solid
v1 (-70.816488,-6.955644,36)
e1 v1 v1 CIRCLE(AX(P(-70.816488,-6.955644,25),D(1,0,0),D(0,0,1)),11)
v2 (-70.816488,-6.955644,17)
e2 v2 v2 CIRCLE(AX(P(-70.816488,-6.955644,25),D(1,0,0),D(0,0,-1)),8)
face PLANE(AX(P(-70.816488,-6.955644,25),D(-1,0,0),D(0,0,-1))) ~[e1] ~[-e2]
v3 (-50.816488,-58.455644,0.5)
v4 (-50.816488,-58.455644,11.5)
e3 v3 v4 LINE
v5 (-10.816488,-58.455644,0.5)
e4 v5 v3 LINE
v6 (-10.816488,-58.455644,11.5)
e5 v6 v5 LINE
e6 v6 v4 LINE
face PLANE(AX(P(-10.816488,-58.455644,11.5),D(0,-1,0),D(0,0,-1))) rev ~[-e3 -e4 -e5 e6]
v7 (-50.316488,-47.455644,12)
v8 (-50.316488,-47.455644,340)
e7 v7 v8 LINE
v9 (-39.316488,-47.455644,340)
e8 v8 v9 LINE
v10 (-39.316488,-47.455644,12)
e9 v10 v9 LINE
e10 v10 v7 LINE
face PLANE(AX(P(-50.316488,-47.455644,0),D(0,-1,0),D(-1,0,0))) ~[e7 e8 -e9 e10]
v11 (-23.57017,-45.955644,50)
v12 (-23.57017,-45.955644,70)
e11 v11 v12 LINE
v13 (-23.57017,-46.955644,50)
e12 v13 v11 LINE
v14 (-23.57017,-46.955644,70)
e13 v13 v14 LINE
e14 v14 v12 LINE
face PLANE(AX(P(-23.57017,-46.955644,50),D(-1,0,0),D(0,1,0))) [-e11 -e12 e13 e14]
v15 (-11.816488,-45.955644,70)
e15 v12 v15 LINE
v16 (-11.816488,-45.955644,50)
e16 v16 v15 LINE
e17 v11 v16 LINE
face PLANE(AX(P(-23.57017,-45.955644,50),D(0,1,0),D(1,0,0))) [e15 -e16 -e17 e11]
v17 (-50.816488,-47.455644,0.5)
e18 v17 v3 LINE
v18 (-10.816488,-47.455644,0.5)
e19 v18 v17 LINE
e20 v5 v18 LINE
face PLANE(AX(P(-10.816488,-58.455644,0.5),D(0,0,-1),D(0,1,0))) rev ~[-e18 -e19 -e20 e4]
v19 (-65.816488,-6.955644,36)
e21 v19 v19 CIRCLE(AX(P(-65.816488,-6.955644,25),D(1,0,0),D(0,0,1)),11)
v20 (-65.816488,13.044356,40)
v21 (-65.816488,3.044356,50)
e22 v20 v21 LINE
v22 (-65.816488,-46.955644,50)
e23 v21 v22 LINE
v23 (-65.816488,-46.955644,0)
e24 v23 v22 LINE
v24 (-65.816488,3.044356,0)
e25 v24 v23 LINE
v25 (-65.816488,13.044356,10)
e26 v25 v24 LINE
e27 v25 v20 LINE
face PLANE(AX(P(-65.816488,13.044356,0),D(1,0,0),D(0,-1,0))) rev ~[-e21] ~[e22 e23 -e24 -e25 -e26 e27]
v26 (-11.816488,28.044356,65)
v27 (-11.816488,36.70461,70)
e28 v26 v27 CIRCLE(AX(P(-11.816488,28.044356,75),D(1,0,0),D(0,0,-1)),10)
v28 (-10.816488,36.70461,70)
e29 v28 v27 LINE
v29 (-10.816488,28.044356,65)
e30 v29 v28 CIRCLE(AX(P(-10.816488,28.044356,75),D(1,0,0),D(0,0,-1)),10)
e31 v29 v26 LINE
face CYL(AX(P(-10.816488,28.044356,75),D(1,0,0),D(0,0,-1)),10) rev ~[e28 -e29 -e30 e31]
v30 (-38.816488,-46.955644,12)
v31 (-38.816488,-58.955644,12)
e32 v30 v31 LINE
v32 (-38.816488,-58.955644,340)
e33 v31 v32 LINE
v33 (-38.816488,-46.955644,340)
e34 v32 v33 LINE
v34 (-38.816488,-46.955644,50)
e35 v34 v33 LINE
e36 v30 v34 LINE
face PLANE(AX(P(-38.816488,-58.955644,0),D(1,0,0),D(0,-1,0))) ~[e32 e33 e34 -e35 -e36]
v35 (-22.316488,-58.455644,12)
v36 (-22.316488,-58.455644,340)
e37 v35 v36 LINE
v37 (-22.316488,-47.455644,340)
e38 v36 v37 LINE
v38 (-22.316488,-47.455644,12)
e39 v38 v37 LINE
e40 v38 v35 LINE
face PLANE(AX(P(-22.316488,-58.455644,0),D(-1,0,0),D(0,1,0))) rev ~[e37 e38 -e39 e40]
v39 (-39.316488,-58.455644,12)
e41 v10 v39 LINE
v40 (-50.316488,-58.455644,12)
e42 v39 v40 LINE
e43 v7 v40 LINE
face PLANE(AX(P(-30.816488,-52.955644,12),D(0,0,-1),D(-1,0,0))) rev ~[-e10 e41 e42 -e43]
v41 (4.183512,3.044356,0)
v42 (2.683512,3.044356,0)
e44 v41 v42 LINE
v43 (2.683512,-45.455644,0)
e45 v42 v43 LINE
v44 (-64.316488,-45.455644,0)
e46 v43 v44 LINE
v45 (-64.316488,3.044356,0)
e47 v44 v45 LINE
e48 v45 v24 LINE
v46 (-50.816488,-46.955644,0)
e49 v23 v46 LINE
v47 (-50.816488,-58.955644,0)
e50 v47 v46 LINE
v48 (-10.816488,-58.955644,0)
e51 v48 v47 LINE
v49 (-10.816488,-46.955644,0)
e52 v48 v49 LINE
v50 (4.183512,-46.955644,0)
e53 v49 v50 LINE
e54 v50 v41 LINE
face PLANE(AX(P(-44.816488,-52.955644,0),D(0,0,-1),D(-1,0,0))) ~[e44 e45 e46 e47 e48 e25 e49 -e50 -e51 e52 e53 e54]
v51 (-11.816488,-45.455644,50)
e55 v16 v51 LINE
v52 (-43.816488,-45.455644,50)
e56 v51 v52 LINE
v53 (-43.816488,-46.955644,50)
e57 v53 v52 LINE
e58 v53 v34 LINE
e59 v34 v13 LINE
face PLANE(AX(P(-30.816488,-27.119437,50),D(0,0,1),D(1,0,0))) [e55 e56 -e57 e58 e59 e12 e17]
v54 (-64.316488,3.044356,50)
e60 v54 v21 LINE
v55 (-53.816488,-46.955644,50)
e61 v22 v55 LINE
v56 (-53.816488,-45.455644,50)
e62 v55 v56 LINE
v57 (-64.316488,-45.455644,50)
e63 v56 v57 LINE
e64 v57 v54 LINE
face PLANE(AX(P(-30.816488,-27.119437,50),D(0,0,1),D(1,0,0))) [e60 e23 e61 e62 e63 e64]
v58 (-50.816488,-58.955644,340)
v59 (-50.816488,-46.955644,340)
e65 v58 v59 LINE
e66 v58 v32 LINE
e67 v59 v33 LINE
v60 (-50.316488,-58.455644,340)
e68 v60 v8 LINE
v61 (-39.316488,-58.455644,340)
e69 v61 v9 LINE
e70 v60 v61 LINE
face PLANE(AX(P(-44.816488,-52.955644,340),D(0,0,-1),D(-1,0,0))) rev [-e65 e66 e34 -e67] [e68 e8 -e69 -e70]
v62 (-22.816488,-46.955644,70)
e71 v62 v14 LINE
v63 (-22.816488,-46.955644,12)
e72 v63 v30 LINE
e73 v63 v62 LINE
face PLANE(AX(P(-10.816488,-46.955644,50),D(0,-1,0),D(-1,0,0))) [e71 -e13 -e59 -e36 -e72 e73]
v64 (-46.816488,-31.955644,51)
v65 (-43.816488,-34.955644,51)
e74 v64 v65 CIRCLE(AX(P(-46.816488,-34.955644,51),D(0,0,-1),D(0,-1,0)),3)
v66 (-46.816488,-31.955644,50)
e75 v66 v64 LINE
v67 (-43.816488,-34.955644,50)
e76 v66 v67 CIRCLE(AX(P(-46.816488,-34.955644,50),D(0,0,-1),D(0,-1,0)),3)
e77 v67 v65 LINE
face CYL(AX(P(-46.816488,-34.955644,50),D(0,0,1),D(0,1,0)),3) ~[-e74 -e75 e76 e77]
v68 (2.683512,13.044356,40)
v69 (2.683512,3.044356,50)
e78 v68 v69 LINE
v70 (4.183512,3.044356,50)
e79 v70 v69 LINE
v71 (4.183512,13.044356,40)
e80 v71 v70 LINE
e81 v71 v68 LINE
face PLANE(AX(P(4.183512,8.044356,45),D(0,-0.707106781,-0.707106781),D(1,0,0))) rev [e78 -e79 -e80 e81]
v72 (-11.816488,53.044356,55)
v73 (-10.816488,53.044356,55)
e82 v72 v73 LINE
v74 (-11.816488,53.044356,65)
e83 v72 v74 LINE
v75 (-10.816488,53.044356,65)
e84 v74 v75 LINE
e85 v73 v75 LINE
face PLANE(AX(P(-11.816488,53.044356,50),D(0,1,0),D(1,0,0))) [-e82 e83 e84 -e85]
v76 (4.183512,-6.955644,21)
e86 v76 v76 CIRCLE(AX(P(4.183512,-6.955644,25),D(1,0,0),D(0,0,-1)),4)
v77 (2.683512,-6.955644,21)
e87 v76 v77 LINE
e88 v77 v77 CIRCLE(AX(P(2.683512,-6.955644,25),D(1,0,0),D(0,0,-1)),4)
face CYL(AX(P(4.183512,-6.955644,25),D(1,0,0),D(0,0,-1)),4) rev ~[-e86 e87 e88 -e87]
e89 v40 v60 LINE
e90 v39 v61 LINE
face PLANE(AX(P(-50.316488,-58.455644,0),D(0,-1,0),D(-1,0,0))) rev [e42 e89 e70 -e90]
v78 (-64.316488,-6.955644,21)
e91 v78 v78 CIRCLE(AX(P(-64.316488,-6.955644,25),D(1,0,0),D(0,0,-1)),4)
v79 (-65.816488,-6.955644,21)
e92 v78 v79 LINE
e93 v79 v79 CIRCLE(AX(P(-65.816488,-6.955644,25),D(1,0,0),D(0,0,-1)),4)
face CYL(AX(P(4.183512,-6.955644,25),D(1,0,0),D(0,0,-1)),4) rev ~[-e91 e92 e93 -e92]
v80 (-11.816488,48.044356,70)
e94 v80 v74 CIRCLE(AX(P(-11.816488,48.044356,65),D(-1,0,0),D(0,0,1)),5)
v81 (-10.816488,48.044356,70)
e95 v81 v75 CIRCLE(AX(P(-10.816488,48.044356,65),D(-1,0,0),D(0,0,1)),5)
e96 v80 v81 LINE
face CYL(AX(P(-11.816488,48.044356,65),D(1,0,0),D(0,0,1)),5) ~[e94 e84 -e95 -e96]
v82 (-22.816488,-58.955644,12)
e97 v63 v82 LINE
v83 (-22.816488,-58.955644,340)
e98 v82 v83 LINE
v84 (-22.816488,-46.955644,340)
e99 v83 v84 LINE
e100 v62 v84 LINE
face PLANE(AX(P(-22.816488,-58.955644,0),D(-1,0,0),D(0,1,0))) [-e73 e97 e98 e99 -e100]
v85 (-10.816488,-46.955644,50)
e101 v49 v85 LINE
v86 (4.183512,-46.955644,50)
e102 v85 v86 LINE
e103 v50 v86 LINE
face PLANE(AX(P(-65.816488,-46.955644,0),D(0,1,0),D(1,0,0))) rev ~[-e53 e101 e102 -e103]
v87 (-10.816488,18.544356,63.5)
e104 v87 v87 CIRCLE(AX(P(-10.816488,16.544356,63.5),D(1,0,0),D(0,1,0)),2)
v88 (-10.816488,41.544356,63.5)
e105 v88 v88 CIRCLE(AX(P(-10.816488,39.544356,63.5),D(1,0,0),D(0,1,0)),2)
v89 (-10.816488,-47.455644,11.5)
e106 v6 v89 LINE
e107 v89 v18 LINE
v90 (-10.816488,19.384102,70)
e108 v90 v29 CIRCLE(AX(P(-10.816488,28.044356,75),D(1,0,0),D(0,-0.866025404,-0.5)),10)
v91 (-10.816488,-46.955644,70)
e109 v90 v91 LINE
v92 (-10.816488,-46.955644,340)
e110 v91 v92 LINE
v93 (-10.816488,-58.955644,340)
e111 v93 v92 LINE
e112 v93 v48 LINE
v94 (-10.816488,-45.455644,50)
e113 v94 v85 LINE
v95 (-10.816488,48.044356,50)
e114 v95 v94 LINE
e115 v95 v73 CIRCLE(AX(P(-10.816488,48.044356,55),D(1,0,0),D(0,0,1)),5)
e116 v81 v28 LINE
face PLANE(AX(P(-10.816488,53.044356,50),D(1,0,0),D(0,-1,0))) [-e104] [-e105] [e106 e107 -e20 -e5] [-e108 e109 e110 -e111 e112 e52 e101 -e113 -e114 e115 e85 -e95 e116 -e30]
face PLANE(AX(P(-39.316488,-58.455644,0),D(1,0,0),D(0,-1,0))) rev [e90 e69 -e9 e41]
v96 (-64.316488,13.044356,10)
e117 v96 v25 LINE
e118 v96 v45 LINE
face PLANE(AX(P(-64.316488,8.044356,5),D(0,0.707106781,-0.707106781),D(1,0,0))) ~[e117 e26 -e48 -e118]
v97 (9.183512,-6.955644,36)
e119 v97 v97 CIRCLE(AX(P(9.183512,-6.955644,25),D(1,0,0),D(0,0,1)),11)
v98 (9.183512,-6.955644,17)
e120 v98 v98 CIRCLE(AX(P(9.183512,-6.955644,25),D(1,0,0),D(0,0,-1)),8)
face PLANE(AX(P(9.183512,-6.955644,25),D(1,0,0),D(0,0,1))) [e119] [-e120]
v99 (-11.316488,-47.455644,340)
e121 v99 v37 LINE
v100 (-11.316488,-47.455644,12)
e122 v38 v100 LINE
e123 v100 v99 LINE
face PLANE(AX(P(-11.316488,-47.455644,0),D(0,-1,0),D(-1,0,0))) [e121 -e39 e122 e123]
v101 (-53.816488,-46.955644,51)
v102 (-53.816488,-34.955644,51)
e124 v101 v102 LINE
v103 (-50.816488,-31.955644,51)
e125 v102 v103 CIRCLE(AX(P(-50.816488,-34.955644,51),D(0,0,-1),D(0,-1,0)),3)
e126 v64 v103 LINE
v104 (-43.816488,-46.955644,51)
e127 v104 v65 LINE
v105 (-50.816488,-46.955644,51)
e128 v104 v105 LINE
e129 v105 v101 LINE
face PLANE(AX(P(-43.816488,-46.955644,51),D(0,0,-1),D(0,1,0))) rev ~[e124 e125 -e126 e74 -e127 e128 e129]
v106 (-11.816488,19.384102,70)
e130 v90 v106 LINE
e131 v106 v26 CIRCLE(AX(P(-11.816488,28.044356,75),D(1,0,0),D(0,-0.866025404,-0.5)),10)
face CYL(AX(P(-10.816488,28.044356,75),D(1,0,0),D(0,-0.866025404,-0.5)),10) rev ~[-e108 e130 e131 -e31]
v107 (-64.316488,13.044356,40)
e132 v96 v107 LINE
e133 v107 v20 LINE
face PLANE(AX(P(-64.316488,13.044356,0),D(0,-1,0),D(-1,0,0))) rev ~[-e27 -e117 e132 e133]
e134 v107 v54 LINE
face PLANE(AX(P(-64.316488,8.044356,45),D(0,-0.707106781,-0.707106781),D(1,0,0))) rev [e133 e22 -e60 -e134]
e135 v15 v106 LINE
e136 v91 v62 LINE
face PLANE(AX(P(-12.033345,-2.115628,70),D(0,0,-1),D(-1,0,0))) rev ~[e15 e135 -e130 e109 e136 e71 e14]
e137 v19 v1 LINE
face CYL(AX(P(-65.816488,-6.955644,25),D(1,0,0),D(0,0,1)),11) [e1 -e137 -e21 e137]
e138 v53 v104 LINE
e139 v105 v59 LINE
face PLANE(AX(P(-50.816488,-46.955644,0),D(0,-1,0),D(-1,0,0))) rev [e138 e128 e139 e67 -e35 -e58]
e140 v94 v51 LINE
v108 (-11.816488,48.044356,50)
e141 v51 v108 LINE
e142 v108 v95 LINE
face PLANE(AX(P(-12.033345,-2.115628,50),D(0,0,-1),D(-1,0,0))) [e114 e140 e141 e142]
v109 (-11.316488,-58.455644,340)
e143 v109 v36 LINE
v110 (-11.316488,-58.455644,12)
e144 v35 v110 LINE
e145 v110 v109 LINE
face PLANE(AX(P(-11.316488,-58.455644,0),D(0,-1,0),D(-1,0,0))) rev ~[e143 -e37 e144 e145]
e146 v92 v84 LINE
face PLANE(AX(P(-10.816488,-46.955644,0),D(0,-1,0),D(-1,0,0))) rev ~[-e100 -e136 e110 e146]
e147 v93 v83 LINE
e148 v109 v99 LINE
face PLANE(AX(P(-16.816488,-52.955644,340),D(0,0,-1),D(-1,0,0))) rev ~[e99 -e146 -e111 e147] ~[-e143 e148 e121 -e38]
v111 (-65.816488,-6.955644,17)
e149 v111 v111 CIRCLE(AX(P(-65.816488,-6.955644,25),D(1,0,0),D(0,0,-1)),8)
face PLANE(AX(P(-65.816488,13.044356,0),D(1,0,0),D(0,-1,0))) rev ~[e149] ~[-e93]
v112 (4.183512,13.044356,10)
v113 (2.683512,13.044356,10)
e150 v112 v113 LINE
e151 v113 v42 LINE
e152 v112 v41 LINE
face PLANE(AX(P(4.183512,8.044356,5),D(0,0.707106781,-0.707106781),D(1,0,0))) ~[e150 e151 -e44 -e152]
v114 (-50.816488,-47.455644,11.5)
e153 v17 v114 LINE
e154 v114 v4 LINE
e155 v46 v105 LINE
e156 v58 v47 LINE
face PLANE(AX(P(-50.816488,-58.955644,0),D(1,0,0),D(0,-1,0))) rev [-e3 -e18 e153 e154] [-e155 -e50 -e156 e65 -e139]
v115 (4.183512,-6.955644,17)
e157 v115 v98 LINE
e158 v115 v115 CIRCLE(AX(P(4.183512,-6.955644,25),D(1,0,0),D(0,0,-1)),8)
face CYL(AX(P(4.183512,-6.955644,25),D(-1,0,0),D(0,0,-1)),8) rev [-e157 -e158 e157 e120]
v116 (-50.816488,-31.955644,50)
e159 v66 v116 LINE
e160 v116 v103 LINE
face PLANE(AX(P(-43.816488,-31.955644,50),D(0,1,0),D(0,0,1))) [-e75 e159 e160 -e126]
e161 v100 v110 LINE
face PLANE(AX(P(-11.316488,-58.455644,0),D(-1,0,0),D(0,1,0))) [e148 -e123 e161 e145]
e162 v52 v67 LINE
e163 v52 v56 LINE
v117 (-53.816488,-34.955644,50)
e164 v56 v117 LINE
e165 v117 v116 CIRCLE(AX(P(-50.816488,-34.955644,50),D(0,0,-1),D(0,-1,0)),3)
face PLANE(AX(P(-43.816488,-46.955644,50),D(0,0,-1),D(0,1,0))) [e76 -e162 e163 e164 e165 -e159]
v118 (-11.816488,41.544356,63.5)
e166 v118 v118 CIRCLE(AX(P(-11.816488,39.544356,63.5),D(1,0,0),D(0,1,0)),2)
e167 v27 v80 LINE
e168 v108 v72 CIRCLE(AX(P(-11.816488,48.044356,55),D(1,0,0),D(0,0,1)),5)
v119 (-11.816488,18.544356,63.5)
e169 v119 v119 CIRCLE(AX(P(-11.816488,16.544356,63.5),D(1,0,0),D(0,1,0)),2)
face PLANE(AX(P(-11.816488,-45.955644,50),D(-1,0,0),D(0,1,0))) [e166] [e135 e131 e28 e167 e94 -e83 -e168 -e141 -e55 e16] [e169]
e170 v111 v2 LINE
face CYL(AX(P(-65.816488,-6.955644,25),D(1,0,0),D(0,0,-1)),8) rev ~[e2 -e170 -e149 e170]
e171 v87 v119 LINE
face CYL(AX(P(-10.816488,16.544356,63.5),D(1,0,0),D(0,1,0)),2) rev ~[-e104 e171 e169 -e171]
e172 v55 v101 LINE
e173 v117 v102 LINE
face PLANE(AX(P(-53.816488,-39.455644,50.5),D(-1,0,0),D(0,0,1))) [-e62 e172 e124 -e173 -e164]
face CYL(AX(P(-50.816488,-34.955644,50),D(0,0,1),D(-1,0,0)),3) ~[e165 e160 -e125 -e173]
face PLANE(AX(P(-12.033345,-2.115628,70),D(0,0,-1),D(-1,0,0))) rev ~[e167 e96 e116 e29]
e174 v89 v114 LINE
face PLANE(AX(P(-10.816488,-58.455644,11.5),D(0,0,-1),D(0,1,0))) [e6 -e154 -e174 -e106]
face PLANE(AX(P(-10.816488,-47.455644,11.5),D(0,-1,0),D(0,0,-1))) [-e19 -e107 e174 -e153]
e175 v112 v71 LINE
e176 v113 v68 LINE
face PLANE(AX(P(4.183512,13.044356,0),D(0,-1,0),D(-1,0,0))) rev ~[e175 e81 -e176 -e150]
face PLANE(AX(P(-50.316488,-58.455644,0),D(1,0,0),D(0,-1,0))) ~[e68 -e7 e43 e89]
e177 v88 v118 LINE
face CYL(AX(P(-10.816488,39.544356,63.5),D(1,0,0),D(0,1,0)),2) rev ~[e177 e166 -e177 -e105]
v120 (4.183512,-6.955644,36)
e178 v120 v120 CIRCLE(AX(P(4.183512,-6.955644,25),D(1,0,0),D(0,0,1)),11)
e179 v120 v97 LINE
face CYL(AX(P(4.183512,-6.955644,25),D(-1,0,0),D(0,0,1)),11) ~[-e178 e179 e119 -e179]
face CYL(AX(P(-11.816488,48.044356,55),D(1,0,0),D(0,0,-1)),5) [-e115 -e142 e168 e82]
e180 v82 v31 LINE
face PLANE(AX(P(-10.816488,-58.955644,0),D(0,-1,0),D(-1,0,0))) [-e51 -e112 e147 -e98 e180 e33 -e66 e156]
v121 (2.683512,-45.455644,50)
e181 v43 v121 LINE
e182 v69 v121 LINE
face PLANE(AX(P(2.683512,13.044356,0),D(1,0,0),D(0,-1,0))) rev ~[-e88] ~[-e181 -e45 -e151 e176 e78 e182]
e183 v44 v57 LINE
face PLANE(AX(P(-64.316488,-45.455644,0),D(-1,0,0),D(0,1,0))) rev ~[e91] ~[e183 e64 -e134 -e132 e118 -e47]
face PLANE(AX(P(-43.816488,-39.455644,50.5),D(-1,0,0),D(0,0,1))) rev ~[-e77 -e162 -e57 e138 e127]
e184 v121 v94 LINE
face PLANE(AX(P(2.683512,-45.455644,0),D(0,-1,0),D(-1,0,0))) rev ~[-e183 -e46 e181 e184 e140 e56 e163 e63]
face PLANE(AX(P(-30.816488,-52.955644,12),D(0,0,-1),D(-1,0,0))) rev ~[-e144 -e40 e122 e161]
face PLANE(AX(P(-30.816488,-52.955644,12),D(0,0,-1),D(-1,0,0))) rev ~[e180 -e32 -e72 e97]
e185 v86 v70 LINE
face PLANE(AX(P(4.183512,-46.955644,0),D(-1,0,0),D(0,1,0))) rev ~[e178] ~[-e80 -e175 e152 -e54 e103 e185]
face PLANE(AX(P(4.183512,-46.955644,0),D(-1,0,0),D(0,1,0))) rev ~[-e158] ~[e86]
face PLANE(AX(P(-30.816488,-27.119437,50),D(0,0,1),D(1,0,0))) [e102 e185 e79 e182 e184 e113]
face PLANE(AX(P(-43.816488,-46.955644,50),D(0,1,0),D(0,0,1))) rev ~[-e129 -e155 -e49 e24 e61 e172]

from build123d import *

# Parameters (mm, degrees)
BOSS_EXTRUDE1_DEPTH      = 50
CHAMFER1_SIZE            = 10
SKETCH2_R                = 4
CUT_EXTRUDE1_DEPTH       = 80
SKETCH3_R                = 11
SKETCH3_R_2              = 8
BOSS_EXTRUDE2_DEPTH      = 5
SKETCH4_W                = 12
SKETCH4_H                = 12
SKETCH4_W_2              = 11
SKETCH4_H_2              = 11
BOSS_EXTRUDE3_DEPTH      = 340
SKETCH5_W                = 40
SKETCH5_H                = 12
BOSS_EXTRUDE4_DEPTH      = 12
SKETCH6_W                = 11
SKETCH6_H                = 11
CUT_EXTRUDE2_DEPTH       = 67
BOSS_EXTRUDE5_DEPTH      = 20
FILLET1_R                = 5
SKETCH8_R                = 2
CUT_EXTRUDE3_DEPTH       = 20
BOSS_EXTRUDE6_DEPTH      = 3
BOSS_EXTRUDE6_DEPTH_BACK = 7
SKETCH9_W                = 1
SKETCH9_H                = 15
FILLET2_R                = 3


with BuildPart() as part:
    # Sketch1 → Boss-Extrude1 (new body)
    with BuildSketch(Plane.XY):
        Polygon((-65.816488176, 13.044356197), (-65.816488176, -46.955643803), (4.183511824, -46.955643803), (4.183511824, 13.044356197), (2.683511824, 13.044356197), (2.683511824, -45.455643803), (-64.316488176, -45.455643803), (-64.316488176, 13.044356197), align=None)
    extrude(amount=BOSS_EXTRUDE1_DEPTH)

    # Chamfer1
    chamfer1_edges = [part.edges().sort_by_distance(p)[0] for p in [
        (-65.066488176, 13.044356197, 0),
        (3.433511824, 13.044356197, 50),
        (-65.066488176, 13.044356197, 50),
        (3.433511824, 13.044356197, 0),
    ]]
    chamfer(chamfer1_edges, length=CHAMFER1_SIZE)

    # Sketch2 → Cut-Extrude1 (cut)
    with BuildSketch(Plane(origin=(4.183511824, 0, 0), x_dir=(0, 0, -1), z_dir=(1, 0, 0))):
        with Locations((-25, -6.955643803)):
            Circle(SKETCH2_R)
    extrude(amount=-CUT_EXTRUDE1_DEPTH, mode=Mode.SUBTRACT)

    # Sketch3 → Boss-Extrude2 (add)
    with BuildSketch(Plane(origin=(4.183511824, 0, 0), x_dir=(0, 0, -1), z_dir=(1, 0, 0))):
        with Locations(Location((-25, -6.955643803, 0), (0, 0, 180))):
            Circle(SKETCH3_R)
        with Locations((-25, -6.955643803)):
            Circle(SKETCH3_R_2, mode=Mode.SUBTRACT)
    boss_extrude2 = extrude(amount=BOSS_EXTRUDE2_DEPTH)

    # Mirror1: Boss-Extrude2 across plane
    add(boss_extrude2.mirror(Plane.ZY.offset(30.816488176)))

    # Sketch4 → Boss-Extrude3 (add)
    with BuildSketch(Plane(origin=(0, 0, 0), x_dir=(-1, 0, 0), z_dir=(0, 0, -1))):
        with Locations((16.816488176, -52.955643803)):
            Rectangle(SKETCH4_W, SKETCH4_H)
        with Locations((16.816488176, -52.955643803)):
            Rectangle(SKETCH4_W_2, SKETCH4_H_2, mode=Mode.SUBTRACT)
    boss_extrude3 = extrude(amount=-BOSS_EXTRUDE3_DEPTH)

    # Mirror2: Boss-Extrude3 across plane
    add(boss_extrude3.mirror(Plane.ZY.offset(30.816488176)))

    # Sketch5 → Boss-Extrude4 (add)
    with BuildSketch(Plane(origin=(0, 0, 0), x_dir=(-1, 0, 0), z_dir=(0, 0, -1))):
        with Locations((30.816488176, -52.955643803)):
            Rectangle(SKETCH5_W, SKETCH5_H)
    extrude(amount=-BOSS_EXTRUDE4_DEPTH)

    # Sketch6 → Cut-Extrude2 (cut)
    with BuildSketch(Plane(origin=(-10.816488176, 0, 0), x_dir=(0, 0, -1), z_dir=(1, 0, 0))):
        with Locations((-6, -52.955643803)):
            Rectangle(SKETCH6_W, SKETCH6_H)
    extrude(amount=-CUT_EXTRUDE2_DEPTH, mode=Mode.SUBTRACT)

    # Sketch7 → Boss-Extrude5 (add)
    with BuildSketch(Plane.XY.offset(50)):
        Polygon((-23.570169561, -45.955643803), (-11.816488176, -45.955643803), (-11.816488176, 53.044356197), (-10.816488176, 53.044356197), (-10.816488176, -46.955643803), (-23.570169561, -46.955643803), align=None)
    extrude(amount=BOSS_EXTRUDE5_DEPTH)

    # Fillet1
    fillet1_edges = [part.edges().sort_by_distance(p)[0] for p in [
        (-11.316488176, 53.044356197, 50),
        (-11.316488176, 53.044356197, 70),
    ]]
    fillet(fillet1_edges, radius=FILLET1_R)

    # Sketch8 → Cut-Extrude3 (cut)
    with BuildSketch(Plane(origin=(-10.816488176, 0, 0), x_dir=(0, 0, -1), z_dir=(1, 0, 0))):
        with Locations(Location((-63.5, 39.544356197, 0), (0, 0, 90))):
            Circle(SKETCH8_R)
        with BuildLine():
            Line((-70, 28.044356197), (-70, 19.384102159))
            ThreePointArc((-70, 19.384102159), (-66.339745962, 23.044356197), (-65, 28.044356197))
            ThreePointArc((-65, 28.044356197), (-66.339745962, 33.044356197), (-70, 36.704610234))
            Line((-70, 36.704610234), (-70, 28.044356197))
        make_face()
        with Locations(Location((-63.5, 16.544356197, 0), (0, 0, 90))):
            Circle(SKETCH8_R)
    extrude(amount=-CUT_EXTRUDE3_DEPTH, mode=Mode.SUBTRACT)

    # Sketch9 → Boss-Extrude6 (add, two sides: drawn at the far end of the back side and taken through both)
    with BuildSketch(Plane.ZY.offset(50.816488176).offset(-BOSS_EXTRUDE6_DEPTH_BACK)):
        with Locations((50.5, -39.455643803)):
            Rectangle(SKETCH9_W, SKETCH9_H)
    extrude(amount=BOSS_EXTRUDE6_DEPTH + BOSS_EXTRUDE6_DEPTH_BACK)

    # Fillet2
    fillet2_edges = [part.edges().sort_by_distance(p)[0] for p in [
        (-43.816488176, -31.955643803, 50.5),
        (-53.816488176, -31.955643803, 50.5),
    ]]
    fillet(fillet2_edges, radius=FILLET2_R)


solid = part.part
